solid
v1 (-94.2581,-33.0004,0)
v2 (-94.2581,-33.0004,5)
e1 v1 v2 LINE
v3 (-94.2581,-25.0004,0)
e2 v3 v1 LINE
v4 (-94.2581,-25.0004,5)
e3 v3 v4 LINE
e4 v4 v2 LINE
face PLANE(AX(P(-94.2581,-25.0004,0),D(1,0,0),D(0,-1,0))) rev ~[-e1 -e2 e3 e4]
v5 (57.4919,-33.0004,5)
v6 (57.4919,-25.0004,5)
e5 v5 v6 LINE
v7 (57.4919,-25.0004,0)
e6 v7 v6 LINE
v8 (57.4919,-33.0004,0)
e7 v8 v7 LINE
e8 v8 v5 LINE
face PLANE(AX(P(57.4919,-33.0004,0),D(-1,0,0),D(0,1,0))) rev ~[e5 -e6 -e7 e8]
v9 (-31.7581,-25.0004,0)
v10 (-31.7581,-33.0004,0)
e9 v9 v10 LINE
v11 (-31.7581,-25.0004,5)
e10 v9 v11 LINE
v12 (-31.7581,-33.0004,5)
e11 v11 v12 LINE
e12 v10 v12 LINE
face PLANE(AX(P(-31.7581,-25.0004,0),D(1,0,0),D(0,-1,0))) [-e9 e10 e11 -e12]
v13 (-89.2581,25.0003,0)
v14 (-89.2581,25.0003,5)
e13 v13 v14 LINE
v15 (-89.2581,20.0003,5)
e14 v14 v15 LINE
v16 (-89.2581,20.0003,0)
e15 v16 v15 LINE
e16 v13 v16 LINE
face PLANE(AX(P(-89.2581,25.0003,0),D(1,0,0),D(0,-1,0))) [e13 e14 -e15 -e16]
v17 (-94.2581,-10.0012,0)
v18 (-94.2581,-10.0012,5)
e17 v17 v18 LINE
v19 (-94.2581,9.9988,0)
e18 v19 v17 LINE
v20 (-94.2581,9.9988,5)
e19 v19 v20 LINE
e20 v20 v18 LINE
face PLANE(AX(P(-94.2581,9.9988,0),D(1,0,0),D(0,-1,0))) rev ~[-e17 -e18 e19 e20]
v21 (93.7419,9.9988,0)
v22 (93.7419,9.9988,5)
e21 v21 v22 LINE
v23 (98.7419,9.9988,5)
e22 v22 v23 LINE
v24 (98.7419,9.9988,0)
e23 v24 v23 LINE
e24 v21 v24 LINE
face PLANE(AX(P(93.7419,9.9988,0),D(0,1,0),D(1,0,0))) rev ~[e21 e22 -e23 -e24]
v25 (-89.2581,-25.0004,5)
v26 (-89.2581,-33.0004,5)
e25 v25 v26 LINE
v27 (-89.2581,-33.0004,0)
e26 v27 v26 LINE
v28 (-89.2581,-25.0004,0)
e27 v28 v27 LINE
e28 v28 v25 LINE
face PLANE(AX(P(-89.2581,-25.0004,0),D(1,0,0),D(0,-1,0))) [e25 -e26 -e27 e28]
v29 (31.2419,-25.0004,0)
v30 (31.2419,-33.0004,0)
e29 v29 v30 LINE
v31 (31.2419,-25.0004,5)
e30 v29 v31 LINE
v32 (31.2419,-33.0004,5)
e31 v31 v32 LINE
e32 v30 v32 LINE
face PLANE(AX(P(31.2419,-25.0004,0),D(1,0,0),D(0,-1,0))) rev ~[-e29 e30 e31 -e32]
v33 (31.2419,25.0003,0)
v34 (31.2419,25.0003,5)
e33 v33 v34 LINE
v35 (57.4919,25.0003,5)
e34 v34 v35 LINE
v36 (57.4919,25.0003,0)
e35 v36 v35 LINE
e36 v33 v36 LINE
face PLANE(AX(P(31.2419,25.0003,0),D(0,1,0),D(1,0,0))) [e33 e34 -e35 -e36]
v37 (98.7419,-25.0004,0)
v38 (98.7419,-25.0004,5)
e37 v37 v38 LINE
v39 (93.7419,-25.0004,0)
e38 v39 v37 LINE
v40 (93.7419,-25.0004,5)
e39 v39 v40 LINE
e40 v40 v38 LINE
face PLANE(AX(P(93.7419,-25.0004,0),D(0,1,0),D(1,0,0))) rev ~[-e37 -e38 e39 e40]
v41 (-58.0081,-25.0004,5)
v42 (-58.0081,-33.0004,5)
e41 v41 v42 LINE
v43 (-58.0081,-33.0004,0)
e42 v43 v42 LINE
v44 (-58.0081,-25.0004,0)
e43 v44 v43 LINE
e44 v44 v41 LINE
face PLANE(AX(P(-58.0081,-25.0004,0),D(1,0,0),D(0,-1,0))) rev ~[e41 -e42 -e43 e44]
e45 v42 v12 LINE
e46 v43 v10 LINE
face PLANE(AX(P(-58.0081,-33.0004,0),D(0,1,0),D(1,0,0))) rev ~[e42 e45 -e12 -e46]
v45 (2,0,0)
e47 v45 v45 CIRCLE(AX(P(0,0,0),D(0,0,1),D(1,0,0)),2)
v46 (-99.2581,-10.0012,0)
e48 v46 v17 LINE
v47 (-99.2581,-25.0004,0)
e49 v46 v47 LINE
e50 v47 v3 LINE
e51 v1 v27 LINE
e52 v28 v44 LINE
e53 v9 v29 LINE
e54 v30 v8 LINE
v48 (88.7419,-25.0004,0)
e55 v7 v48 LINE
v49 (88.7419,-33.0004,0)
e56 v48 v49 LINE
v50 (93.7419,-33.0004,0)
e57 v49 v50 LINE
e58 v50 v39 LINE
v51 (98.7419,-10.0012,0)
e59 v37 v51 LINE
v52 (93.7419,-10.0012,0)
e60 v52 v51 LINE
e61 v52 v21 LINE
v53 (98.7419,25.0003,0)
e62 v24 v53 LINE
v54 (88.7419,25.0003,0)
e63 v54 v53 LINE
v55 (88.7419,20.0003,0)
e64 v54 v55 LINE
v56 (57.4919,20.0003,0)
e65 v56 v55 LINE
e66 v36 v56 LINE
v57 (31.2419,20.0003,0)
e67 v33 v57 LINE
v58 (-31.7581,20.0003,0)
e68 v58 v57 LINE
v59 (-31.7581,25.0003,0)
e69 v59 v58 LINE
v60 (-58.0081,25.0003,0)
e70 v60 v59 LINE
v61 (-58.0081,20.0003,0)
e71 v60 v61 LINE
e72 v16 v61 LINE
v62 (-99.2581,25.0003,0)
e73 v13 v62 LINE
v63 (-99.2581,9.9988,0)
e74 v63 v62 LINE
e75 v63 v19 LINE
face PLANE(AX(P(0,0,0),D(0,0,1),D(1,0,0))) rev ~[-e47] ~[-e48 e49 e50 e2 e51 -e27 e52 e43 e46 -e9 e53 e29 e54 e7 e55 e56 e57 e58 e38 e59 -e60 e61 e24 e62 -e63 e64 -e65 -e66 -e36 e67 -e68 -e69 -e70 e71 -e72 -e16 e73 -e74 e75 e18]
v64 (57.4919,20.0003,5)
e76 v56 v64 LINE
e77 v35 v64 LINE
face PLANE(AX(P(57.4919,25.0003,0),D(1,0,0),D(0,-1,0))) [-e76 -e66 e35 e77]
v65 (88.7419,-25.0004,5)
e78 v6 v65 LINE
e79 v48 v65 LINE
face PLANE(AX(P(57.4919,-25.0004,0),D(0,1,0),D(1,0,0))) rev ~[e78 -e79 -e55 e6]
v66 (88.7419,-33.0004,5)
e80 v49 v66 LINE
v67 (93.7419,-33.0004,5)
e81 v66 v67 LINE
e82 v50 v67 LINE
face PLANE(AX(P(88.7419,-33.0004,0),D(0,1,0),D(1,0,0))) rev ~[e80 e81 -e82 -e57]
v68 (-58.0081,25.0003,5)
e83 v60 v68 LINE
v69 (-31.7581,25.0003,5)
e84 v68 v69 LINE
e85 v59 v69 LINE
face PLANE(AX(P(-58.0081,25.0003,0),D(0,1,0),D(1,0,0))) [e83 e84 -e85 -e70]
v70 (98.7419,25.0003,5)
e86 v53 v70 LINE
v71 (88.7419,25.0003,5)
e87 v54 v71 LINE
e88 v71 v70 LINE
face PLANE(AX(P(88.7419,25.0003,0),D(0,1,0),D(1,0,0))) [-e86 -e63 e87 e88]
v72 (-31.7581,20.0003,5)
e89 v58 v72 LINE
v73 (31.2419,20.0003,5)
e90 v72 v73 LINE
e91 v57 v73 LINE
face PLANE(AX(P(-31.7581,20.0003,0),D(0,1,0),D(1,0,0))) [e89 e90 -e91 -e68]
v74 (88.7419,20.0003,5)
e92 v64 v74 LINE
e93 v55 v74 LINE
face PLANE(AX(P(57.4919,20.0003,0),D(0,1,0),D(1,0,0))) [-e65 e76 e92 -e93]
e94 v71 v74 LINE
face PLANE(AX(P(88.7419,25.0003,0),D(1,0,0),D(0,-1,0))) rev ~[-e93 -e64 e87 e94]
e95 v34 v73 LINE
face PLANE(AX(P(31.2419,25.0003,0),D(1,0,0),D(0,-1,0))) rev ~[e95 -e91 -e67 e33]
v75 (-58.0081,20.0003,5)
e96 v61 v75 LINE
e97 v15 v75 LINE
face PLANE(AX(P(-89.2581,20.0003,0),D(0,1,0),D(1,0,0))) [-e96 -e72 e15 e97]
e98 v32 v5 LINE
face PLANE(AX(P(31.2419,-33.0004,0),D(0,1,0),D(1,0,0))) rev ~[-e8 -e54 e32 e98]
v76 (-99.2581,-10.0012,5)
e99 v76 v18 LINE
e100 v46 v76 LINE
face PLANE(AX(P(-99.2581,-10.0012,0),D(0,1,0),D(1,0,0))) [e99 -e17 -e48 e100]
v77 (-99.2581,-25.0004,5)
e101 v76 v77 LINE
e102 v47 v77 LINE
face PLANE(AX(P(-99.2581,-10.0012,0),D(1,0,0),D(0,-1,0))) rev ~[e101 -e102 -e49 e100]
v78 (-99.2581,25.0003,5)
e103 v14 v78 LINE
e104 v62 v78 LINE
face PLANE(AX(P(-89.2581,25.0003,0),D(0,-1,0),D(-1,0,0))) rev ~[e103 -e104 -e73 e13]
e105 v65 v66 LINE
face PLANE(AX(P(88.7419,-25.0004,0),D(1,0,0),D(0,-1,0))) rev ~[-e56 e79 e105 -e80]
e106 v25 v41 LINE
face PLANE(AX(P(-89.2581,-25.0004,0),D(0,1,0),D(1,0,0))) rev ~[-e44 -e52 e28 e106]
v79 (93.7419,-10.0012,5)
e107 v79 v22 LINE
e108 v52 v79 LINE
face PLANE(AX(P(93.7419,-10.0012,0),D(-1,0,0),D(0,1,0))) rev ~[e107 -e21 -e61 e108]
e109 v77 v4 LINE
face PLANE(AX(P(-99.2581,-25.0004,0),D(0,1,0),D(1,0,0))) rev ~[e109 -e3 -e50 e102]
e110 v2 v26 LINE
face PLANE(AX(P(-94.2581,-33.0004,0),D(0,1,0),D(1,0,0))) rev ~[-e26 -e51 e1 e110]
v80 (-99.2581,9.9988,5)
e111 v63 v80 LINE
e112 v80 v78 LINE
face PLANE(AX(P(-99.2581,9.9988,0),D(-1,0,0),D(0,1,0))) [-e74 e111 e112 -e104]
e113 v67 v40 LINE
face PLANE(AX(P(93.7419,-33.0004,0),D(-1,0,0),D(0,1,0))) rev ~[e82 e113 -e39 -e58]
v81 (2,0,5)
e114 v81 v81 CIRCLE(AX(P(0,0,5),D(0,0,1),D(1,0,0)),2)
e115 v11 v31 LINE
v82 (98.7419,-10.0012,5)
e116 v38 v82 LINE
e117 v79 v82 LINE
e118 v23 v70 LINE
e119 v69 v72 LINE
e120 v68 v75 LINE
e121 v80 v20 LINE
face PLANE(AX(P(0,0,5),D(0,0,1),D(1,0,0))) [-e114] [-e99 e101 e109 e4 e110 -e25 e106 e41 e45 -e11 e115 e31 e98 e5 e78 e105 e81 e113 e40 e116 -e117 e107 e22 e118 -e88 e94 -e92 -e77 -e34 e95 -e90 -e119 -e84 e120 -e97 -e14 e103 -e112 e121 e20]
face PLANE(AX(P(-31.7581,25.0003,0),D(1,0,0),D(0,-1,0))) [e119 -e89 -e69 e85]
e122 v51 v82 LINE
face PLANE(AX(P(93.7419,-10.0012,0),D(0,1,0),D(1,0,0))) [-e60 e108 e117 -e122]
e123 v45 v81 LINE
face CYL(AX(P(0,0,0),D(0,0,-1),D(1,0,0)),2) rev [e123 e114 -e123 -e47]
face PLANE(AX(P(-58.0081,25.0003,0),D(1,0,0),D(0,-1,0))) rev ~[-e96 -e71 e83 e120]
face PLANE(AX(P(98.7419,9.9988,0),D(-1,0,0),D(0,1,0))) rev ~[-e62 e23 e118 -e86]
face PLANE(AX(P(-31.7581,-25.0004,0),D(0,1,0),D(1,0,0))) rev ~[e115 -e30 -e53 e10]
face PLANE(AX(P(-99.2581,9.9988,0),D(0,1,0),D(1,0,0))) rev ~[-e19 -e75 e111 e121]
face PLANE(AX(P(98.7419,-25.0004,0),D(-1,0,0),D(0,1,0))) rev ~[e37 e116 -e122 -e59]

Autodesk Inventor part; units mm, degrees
ref_plane "YZ Plane" through (0, 0, 0) normal (1, 0, 0) x (0, 1, 0)
ref_plane "XZ Plane" through (0, 0, 0) normal (0, 1, 0) x (-1, 0, 0)
ref_plane "XY Plane" through (0, 0, 0) normal (0, 0, 1) x (1, 0, 0)
sketch "Sketch1" plane through (0, 0, 0) normal (0, 0, 1) x (1, 0, 0)
  line L0 (-89.2581, -25.0004) -> (-89.2581, -33.0004)
  line L1 (-89.2581, -25.0004) -> (-58.0081, -25.0004)
  line L2 (-58.0081, -25.0004) -> (-58.0081, -33.0004)
  line L3 (-31.7581, -25.0004) -> (-31.7581, -33.0004)
  line L4 (-31.7581, -25.0004) -> (31.2419, -25.0004)
  line L5 (31.2419, -25.0004) -> (31.2419, -33.0004)
  line L6 (93.7419, -25.0004) -> (98.7419, -25.0004)
  line L7 (98.7419, -25.0004) -> (98.7419, -10.0012)
  line L8 (93.7419, -10.0012) -> (98.7419, -10.0012)
  line L9 (93.7419, -10.0012) -> (93.7419, 9.9988)
  line L10 (93.7419, 9.9988) -> (98.7419, 9.9988)
  line L11 (98.7419, 9.9988) -> (98.7419, 25.0003)
  line L12 (-99.2581, 9.9988) -> (-99.2581, 25.0003)
  line L13 (-99.2581, 9.9988) -> (-94.2581, 9.9988)
  line L14 (-99.2581, -10.0012) -> (-99.2581, -25.0004)
  line L15 (-99.2581, -10.0012) -> (-94.2581, -10.0012)
  line L16 (-99.2581, -25.0004) -> (-94.2581, -25.0004)
  line L17 (-94.2581, 9.9988) -> (-94.2581, -10.0012)
  line L18 (-94.2581, -25.0004) -> (-94.2581, -33.0004)
  line L19 (93.7419, -33.0004) -> (93.7419, -25.0004)
  line L20 (-89.2581, 25.0003) -> (-89.2581, 20.0003)
  line L21 (-89.2581, 20.0003) -> (-58.0081, 20.0003)
  line L22 (-58.0081, 25.0003) -> (-58.0081, 20.0003)
  line L23 (-58.0081, 25.0003) -> (-31.7581, 25.0003)
  line L24 (-31.7581, 25.0003) -> (-31.7581, 20.0003)
  line L25 (-31.7581, 20.0003) -> (31.2419, 20.0003)
  line L26 (31.2419, 25.0003) -> (31.2419, 20.0003)
  line L27 (31.2419, 25.0003) -> (57.4919, 25.0003)
  line L28 (57.4919, 25.0003) -> (57.4919, 20.0003)
  line L29 (57.4919, 20.0003) -> (88.7419, 20.0003)
  line L30 (88.7419, 25.0003) -> (88.7419, 20.0003)
  line L31 (-89.2581, 25.0003) -> (-99.2581, 25.0003)
  line L32 (88.7419, 25.0003) -> (98.7419, 25.0003)
  circle A0 centre (0, 0) radius 2
  line L33 (57.4919, -33.0004) -> (57.4919, -25.0004)
  line L34 (57.4919, -25.0004) -> (88.7419, -25.0004)
  line L35 (88.7419, -25.0004) -> (88.7419, -33.0004)
  line L36 (88.7419, -33.0004) -> (93.7419, -33.0004)
  line L37 (31.2419, -33.0004) -> (57.4919, -33.0004)
  line L38 (-94.2581, -33.0004) -> (-89.2581, -33.0004)
  line L39 (-58.0081, -33.0004) -> (-31.7581, -33.0004)
  point P0 (-93.0453, -16.9364)
  dimension "d46" = 198
  dimension "d47" = 4
  dimension "d48" = 26.25
  dimension "d50" = 63
  dimension "d51" = 31.25
  dimension "d56" = 45.0007
  dimension "d57" = 50.0007
  dimension "d59" = 5
extrude "Extrusion3" add sketch "Sketch1" along normal blind 5
properties part number "case bottom sides" material "ABS Plastic"
